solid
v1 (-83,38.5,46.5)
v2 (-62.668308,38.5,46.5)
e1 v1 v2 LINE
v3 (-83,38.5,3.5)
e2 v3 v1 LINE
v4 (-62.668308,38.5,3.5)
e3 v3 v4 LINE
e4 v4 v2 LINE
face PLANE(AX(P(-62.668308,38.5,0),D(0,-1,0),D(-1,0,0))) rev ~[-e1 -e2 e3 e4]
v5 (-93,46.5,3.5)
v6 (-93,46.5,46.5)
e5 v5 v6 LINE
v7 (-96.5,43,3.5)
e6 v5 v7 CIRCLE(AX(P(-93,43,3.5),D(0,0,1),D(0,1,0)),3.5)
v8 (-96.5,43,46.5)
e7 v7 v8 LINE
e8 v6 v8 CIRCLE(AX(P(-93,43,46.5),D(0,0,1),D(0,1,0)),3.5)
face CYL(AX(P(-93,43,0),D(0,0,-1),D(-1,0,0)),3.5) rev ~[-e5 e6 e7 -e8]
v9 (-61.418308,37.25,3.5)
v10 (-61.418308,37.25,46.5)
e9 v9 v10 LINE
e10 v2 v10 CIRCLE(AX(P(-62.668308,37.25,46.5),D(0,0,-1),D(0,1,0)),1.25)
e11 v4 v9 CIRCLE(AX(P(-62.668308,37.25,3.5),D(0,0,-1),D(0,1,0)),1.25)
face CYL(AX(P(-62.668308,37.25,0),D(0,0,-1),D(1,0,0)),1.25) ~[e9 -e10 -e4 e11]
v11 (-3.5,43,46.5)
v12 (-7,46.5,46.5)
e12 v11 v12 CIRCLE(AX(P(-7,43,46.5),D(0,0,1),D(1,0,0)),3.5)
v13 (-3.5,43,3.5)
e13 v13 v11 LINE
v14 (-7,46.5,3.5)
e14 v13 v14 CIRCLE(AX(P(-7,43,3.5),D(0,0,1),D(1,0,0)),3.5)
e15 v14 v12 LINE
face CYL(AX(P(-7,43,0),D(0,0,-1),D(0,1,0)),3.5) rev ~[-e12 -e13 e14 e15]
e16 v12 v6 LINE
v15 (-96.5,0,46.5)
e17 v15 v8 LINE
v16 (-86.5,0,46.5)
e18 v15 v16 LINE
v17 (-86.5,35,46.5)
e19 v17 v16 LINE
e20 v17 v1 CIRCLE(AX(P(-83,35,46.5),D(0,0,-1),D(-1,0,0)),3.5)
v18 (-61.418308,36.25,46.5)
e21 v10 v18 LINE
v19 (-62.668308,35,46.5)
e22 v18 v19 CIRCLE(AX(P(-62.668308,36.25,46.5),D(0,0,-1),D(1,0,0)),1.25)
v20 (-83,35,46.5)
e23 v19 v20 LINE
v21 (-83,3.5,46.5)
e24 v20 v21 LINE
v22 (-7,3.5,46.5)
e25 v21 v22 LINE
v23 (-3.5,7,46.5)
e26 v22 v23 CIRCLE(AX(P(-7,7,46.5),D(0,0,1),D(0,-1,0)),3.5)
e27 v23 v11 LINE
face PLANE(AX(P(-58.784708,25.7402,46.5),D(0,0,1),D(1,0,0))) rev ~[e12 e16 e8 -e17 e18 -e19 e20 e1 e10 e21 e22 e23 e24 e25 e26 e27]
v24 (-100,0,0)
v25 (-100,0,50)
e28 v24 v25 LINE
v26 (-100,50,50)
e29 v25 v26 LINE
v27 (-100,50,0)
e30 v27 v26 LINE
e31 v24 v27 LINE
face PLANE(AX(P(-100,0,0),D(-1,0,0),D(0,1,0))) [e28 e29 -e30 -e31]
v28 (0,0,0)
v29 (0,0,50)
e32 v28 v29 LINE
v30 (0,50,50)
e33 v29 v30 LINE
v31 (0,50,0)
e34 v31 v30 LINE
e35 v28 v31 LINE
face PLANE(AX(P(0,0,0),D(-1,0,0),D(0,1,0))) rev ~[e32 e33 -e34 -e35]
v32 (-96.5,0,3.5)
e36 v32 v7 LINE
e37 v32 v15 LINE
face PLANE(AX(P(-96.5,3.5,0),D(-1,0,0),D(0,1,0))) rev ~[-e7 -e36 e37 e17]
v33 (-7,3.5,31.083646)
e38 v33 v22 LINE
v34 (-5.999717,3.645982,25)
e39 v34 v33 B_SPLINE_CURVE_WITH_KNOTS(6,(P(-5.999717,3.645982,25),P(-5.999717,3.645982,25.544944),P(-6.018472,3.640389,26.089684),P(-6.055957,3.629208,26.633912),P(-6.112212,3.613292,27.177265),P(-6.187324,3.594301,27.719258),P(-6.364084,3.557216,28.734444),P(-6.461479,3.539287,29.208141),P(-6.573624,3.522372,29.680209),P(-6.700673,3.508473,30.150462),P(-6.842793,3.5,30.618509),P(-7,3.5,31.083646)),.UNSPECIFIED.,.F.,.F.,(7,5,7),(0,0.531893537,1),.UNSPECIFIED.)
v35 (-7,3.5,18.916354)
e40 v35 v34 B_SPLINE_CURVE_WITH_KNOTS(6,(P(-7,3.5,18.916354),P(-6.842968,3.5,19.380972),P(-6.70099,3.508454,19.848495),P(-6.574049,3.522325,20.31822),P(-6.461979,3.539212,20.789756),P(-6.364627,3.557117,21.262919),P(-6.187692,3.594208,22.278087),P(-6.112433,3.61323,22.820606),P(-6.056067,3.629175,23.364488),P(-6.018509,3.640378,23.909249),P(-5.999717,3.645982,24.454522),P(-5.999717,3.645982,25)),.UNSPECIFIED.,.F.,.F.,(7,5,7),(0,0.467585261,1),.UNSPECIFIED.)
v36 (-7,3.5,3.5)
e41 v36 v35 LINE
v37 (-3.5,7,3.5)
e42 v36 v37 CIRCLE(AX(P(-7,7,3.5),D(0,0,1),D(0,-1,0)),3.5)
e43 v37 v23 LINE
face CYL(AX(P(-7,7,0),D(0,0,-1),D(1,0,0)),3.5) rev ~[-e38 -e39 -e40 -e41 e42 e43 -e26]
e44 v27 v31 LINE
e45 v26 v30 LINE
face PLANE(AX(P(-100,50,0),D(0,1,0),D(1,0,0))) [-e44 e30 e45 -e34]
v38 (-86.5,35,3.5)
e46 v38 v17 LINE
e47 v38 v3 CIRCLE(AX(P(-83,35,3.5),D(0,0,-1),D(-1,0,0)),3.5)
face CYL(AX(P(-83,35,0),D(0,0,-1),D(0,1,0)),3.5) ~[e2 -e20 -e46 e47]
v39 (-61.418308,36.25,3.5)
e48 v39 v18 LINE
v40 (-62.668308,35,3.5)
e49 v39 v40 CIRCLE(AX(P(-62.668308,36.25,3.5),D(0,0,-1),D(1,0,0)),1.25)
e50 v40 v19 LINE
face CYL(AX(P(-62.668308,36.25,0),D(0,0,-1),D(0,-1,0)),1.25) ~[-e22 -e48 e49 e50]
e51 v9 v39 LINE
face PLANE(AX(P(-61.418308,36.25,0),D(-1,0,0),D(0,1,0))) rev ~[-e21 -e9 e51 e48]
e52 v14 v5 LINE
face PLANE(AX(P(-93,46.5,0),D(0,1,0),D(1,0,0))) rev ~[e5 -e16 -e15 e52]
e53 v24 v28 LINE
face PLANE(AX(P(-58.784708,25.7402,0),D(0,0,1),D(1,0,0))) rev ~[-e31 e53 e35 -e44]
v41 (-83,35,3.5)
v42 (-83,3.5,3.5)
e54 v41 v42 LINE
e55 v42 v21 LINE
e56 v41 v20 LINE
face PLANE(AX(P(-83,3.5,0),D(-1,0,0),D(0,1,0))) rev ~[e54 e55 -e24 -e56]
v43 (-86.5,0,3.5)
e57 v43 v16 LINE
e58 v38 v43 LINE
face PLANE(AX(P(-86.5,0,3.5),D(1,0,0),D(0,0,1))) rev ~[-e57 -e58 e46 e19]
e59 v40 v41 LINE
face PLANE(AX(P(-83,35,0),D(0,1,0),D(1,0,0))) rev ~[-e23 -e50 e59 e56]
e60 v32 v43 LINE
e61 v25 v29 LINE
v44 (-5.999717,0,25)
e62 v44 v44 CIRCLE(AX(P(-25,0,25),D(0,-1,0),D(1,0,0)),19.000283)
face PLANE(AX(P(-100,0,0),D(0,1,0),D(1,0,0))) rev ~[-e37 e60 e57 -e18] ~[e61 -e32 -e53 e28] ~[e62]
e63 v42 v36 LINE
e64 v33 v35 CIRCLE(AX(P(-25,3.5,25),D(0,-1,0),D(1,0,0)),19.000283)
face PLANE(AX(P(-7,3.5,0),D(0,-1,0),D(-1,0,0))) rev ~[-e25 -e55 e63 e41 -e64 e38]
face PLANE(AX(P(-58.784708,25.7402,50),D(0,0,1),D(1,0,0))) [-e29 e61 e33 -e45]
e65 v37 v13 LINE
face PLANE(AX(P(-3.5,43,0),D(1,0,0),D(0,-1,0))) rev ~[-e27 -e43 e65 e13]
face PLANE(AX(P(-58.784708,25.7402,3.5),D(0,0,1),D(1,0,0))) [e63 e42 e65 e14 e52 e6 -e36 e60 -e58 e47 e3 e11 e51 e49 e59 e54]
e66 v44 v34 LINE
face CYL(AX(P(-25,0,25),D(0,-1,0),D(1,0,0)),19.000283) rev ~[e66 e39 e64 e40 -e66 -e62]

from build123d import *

# Parameters (mm, degrees)
F0_W     = 100
F0_H     = 50
F1_DEPTH = 50
F2_DEPTH = 3.5
F3_START = 46.5
F3_DEPTH = 3.5
F4_W     = 10
F4_H     = 43
F4_R     = 19.0002828609
F5_DEPTH = 4
F6_DEPTH = 50
F7_DEPTH = 3.5


with BuildPart() as f1:
    # F0 (on Top) → F1 (new body)
    with BuildSketch(Plane.XY):
        with Locations((-50, 25)):
            Rectangle(F0_W, F0_H)
        with BuildLine():
            ThreePointArc((-7, 46.5), (-4.5251262658, 45.4748737342), (-3.5, 43))
            Line((-3.5, 43), (-3.5, 7))
            ThreePointArc((-3.5, 7), (-4.5251262658, 4.5251262658), (-7, 3.5))
            Line((-7, 3.5), (-83, 3.5))
            Line((-83, 3.5), (-86.5, 3.5))
            Line((-86.5, 3.5), (-96.5, 3.5))
            Line((-96.5, 3.5), (-96.5, 43))
            ThreePointArc((-96.5, 43), (-95.4748737342, 45.4748737342), (-93, 46.5))
            Line((-93, 46.5), (-7, 46.5))
        make_face(mode=Mode.SUBTRACT)
    extrude(amount=F1_DEPTH)

    # F0 (on Top) → F2 (join)
    with BuildSketch(Plane.XY):
        with BuildLine():
            Line((-3.5, 7), (-3.5, 43))
            ThreePointArc((-3.5, 43), (-4.5251262658, 45.4748737342), (-7, 46.5))
            Line((-7, 46.5), (-93, 46.5))
            ThreePointArc((-93, 46.5), (-95.4748737342, 45.4748737342), (-96.5, 43))
            Line((-96.5, 43), (-96.5, 3.5))
            Line((-96.5, 3.5), (-86.5, 3.5))
            Line((-86.5, 3.5), (-86.5, 35))
            ThreePointArc((-86.5, 35), (-85.4748737342, 37.4748737342), (-83, 38.5))
            Line((-83, 38.5), (-62.6683076936, 38.5))
            ThreePointArc((-62.6683076936, 38.5), (-61.7844242171, 38.1338834765), (-61.4183076936, 37.25))
            Line((-61.4183076936, 37.25), (-61.4183076936, 36.25))
            ThreePointArc((-61.4183076936, 36.25), (-61.7844242171, 35.3661165235), (-62.6683076936, 35))
            Line((-62.6683076936, 35), (-64.7880662084, 35))
            Line((-64.7880662084, 35), (-83, 35))
            Line((-83, 35), (-83, 3.5))
            Line((-83, 3.5), (-7, 3.5))
            ThreePointArc((-7, 3.5), (-4.5251262658, 4.5251262658), (-3.5, 7))
        make_face()
    extrude(amount=F2_DEPTH)

    # F0 (on Top) → F3 (join)
    with BuildSketch(Plane.XY.offset(F3_START)):
        with BuildLine():
            Line((-3.5, 7), (-3.5, 43))
            ThreePointArc((-3.5, 43), (-4.5251262658, 45.4748737342), (-7, 46.5))
            Line((-7, 46.5), (-93, 46.5))
            ThreePointArc((-93, 46.5), (-95.4748737342, 45.4748737342), (-96.5, 43))
            Line((-96.5, 43), (-96.5, 3.5))
            Line((-96.5, 3.5), (-86.5, 3.5))
            Line((-86.5, 3.5), (-86.5, 35))
            ThreePointArc((-86.5, 35), (-85.4748737342, 37.4748737342), (-83, 38.5))
            Line((-83, 38.5), (-62.6683076936, 38.5))
            ThreePointArc((-62.6683076936, 38.5), (-61.7844242171, 38.1338834765), (-61.4183076936, 37.25))
            Line((-61.4183076936, 37.25), (-61.4183076936, 36.25))
            ThreePointArc((-61.4183076936, 36.25), (-61.7844242171, 35.3661165235), (-62.6683076936, 35))
            Line((-62.6683076936, 35), (-64.7880662084, 35))
            Line((-64.7880662084, 35), (-83, 35))
            Line((-83, 35), (-83, 3.5))
            Line((-83, 3.5), (-7, 3.5))
            ThreePointArc((-7, 3.5), (-4.5251262658, 4.5251262658), (-3.5, 7))
        make_face()
    extrude(amount=F3_DEPTH)

    # F4 (on Front) → F5 (cut)
    with BuildSketch(Plane.XZ):
        with Locations((-91.5, 25)):
            Rectangle(F4_W, F4_H)
        with Locations((-25, 25)):
            Circle(F4_R)
    extrude(amount=-F5_DEPTH, mode=Mode.SUBTRACT)

    # F0 (on Top) → F6 (join)
    with BuildSketch(Plane.XY):
        with BuildLine():
            Line((-86.5, 3.5), (-83, 3.5))
            Line((-83, 3.5), (-83, 35))
            Line((-83, 35), (-64.7880662084, 35))
            Line((-64.7880662084, 35), (-62.6683076936, 35))
            ThreePointArc((-62.6683076936, 35), (-61.7844242171, 35.3661165235), (-61.4183076936, 36.25))
            Line((-61.4183076936, 36.25), (-61.4183076936, 37.25))
            ThreePointArc((-61.4183076936, 37.25), (-61.7844242171, 38.1338834765), (-62.6683076936, 38.5))
            Line((-62.6683076936, 38.5), (-83, 38.5))
            ThreePointArc((-83, 38.5), (-85.4748737342, 37.4748737342), (-86.5, 35))
            Line((-86.5, 35), (-86.5, 3.5))
        make_face()
    extrude(amount=F6_DEPTH)

    # F0 (on Top) → F7 (join)
    with BuildSketch(Plane.XY):
        with BuildLine():
            Line((-3.5, 7), (-3.5, 43))
            ThreePointArc((-3.5, 43), (-4.5251262658, 45.4748737342), (-7, 46.5))
            Line((-7, 46.5), (-93, 46.5))
            ThreePointArc((-93, 46.5), (-95.4748737342, 45.4748737342), (-96.5, 43))
            Line((-96.5, 43), (-96.5, 3.5))
            Line((-96.5, 3.5), (-86.5, 3.5))
            Line((-86.5, 3.5), (-86.5, 35))
            ThreePointArc((-86.5, 35), (-85.4748737342, 37.4748737342), (-83, 38.5))
            Line((-83, 38.5), (-62.6683076936, 38.5))
            ThreePointArc((-62.6683076936, 38.5), (-61.7844242171, 38.1338834765), (-61.4183076936, 37.25))
            Line((-61.4183076936, 37.25), (-61.4183076936, 36.25))
            ThreePointArc((-61.4183076936, 36.25), (-61.7844242171, 35.3661165235), (-62.6683076936, 35))
            Line((-62.6683076936, 35), (-64.7880662084, 35))
            Line((-64.7880662084, 35), (-83, 35))
            Line((-83, 35), (-83, 3.5))
            Line((-83, 3.5), (-7, 3.5))
            ThreePointArc((-7, 3.5), (-4.5251262658, 4.5251262658), (-3.5, 7))
        make_face()
        with BuildLine():
            Line((-86.5, 3.5), (-83, 3.5))
            Line((-83, 3.5), (-83, 35))
            Line((-83, 35), (-64.7880662084, 35))
            Line((-64.7880662084, 35), (-62.6683076936, 35))
            ThreePointArc((-62.6683076936, 35), (-61.7844242171, 35.3661165235), (-61.4183076936, 36.25))
            Line((-61.4183076936, 36.25), (-61.4183076936, 37.25))
            ThreePointArc((-61.4183076936, 37.25), (-61.7844242171, 38.1338834765), (-62.6683076936, 38.5))
            Line((-62.6683076936, 38.5), (-83, 38.5))
            ThreePointArc((-83, 38.5), (-85.4748737342, 37.4748737342), (-86.5, 35))
            Line((-86.5, 35), (-86.5, 3.5))
        make_face()
    extrude(amount=F7_DEPTH)


solid = f1.part
